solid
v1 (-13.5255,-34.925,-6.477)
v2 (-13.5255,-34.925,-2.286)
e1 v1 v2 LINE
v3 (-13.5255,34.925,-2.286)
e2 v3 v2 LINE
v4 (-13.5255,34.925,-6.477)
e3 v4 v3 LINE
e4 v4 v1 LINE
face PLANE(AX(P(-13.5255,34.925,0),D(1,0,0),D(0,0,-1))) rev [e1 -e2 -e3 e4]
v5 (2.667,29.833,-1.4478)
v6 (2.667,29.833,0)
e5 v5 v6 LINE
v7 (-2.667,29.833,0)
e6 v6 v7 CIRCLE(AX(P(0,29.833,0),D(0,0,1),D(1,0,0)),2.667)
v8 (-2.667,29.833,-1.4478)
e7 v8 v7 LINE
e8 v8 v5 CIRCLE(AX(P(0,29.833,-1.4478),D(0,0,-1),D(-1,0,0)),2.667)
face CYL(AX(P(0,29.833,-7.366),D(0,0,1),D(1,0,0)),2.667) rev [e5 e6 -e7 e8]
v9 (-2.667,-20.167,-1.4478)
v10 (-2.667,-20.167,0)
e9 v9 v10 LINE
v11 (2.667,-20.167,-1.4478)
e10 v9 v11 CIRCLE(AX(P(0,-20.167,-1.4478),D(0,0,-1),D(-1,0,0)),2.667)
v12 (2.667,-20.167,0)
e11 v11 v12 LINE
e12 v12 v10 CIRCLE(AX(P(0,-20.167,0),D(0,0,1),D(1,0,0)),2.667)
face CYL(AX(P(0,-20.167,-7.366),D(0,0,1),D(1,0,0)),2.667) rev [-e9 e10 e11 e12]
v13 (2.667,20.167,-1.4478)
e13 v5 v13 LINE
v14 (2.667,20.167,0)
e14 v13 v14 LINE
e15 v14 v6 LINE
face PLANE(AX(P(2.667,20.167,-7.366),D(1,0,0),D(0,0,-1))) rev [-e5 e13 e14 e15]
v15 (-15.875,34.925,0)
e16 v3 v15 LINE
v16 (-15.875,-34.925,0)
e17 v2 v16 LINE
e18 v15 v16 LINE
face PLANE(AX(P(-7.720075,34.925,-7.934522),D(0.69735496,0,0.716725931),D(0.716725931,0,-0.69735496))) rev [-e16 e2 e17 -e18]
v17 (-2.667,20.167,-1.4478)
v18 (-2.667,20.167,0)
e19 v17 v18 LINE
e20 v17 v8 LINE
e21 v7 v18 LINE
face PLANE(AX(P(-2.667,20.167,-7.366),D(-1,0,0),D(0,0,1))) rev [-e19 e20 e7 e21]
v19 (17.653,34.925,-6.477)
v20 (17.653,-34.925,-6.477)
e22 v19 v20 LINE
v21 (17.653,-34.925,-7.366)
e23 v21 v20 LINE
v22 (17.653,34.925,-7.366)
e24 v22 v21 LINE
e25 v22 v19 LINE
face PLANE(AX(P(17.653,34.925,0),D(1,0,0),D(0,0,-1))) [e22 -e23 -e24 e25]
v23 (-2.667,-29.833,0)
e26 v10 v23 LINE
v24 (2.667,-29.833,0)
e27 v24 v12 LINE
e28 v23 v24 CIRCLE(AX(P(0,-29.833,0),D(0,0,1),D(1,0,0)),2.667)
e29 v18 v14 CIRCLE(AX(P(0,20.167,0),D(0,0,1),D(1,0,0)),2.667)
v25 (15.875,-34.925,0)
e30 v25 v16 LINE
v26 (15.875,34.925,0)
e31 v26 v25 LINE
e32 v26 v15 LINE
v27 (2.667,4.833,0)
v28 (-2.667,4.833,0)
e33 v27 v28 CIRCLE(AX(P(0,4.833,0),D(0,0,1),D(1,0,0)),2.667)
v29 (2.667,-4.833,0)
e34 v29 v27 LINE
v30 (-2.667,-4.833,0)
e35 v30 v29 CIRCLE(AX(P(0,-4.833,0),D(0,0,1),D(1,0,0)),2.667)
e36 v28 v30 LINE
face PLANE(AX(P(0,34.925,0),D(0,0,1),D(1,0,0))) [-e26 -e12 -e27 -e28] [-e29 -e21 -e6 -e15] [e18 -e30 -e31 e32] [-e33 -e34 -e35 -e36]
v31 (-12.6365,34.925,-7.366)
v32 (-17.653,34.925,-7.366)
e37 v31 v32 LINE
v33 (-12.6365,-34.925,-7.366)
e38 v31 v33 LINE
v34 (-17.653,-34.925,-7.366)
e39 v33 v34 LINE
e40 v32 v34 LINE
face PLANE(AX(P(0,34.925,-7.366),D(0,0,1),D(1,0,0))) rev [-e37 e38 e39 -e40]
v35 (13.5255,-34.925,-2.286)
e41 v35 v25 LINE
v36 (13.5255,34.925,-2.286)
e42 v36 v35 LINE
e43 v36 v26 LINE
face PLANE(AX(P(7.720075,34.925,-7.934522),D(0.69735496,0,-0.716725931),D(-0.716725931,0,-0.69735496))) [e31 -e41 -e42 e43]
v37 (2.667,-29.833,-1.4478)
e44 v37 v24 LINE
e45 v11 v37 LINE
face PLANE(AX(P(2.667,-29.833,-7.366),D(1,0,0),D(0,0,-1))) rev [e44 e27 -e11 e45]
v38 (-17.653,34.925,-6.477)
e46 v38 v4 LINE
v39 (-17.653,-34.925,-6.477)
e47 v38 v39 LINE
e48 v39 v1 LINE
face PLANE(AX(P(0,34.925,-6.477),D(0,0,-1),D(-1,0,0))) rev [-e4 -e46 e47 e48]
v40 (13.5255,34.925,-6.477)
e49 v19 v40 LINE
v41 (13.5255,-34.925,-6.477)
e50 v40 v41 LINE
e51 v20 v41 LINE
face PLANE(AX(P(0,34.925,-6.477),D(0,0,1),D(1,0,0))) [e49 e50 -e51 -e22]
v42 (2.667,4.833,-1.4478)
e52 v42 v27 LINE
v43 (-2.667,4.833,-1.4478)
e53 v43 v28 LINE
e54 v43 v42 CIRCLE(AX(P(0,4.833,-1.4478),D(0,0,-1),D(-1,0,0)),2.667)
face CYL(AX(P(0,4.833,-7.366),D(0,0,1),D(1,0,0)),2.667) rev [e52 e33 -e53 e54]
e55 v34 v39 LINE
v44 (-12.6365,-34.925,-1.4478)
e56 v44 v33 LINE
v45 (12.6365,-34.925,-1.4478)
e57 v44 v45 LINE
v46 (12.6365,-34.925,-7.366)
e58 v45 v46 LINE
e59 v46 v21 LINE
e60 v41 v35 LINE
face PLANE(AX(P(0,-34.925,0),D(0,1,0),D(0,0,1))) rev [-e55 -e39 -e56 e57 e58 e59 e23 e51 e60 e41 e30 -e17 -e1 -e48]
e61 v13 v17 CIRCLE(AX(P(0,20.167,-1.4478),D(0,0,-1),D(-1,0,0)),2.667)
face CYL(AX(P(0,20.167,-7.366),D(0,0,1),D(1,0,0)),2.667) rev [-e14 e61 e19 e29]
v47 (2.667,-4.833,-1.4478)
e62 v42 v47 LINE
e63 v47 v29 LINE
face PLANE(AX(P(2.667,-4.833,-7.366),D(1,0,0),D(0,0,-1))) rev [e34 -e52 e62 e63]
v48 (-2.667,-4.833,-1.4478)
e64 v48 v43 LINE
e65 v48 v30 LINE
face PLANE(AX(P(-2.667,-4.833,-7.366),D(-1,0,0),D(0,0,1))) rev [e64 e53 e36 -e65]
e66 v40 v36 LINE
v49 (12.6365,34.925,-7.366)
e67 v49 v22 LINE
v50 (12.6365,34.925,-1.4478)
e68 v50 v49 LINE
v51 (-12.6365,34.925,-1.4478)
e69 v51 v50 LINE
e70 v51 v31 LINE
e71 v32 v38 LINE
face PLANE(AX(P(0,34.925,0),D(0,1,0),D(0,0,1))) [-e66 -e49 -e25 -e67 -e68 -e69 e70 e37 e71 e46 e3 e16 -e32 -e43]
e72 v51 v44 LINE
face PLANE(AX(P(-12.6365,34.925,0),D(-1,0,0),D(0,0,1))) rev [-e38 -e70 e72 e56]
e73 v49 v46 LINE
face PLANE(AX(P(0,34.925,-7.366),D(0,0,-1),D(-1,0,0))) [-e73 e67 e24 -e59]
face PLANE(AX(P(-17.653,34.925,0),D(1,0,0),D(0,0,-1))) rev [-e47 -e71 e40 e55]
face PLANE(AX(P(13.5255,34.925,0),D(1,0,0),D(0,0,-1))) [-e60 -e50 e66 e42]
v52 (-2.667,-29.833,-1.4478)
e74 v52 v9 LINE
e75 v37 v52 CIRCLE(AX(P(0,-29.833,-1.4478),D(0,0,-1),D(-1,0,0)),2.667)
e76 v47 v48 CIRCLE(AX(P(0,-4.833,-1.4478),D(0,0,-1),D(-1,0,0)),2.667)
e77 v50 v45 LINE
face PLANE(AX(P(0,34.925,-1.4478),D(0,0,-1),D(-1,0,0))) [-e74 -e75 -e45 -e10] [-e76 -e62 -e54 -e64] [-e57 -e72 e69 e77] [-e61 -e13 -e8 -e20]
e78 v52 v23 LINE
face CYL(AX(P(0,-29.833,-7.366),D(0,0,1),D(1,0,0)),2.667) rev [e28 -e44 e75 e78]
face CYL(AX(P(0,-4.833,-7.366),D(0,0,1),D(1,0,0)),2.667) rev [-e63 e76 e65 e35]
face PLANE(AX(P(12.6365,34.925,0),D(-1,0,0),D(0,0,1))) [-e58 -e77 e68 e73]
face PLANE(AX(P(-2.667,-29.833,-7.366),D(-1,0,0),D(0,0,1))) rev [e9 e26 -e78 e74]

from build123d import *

# Parameters (mm, degrees)
BOSS_EXTRUDE1_DEPTH = 34.925
CUT_EXTRUDE1_DEPTH  = 40.820120417
LPATTERN1_COUNT     = 2
LPATTERN1_PITCH     = 25
LPATTERN1_COL_COUNT = 2
LPATTERN1_COL_PITCH = 25


with BuildPart() as part:
    # Sketch1 → Boss-Extrude1 (new, symmetric)
    with BuildSketch(Plane(origin=(0, 0, 0), x_dir=(1, 0, 0), z_dir=(0, 1, 0))):
        Polygon((-15.875, 0), (0, 0), (0, 1.4478), (-12.6365, 1.4478), (-12.6365, 7.366), (-17.653, 7.366), (-17.653, 6.477), (-13.5255, 6.477), (-13.5255, 2.286), align=None)
        Polygon((0, 1.4478), (0, 0), (15.875, 0), (13.5255, 2.286), (13.5255, 6.477), (17.653, 6.477), (17.653, 7.366), (12.6365, 7.366), (12.6365, 1.4478), align=None)
    extrude(amount=BOSS_EXTRUDE1_DEPTH, both=True)

    # Sketch2 → Cut-Extrude1 (cut, through all)
    with BuildSketch(Plane.XY):
        with BuildLine():
            Line((-2.667, -4.833), (-2.667, 4.833))
            ThreePointArc((-2.667, 4.833), (0, 7.5), (2.667, 4.833))
            Line((2.667, 4.833), (2.667, -4.833))
            ThreePointArc((2.667, -4.833), (0, -7.5), (-2.667, -4.833))
        make_face()
    cut_extrude1 = extrude(amount=-CUT_EXTRUDE1_DEPTH, mode=Mode.SUBTRACT)

    # LPattern1: Cut-Extrude1 ×2
    with Locations(*[(0, -i * LPATTERN1_PITCH, 0) for i in range(1, LPATTERN1_COUNT)]):
        add(cut_extrude1, mode=Mode.SUBTRACT)

    # LPattern1 col: Cut-Extrude1 ×2
    with Locations(*[(0, i * LPATTERN1_COL_PITCH, 0) for i in range(1, LPATTERN1_COL_COUNT)]):
        add(cut_extrude1, mode=Mode.SUBTRACT)


solid = part.part
